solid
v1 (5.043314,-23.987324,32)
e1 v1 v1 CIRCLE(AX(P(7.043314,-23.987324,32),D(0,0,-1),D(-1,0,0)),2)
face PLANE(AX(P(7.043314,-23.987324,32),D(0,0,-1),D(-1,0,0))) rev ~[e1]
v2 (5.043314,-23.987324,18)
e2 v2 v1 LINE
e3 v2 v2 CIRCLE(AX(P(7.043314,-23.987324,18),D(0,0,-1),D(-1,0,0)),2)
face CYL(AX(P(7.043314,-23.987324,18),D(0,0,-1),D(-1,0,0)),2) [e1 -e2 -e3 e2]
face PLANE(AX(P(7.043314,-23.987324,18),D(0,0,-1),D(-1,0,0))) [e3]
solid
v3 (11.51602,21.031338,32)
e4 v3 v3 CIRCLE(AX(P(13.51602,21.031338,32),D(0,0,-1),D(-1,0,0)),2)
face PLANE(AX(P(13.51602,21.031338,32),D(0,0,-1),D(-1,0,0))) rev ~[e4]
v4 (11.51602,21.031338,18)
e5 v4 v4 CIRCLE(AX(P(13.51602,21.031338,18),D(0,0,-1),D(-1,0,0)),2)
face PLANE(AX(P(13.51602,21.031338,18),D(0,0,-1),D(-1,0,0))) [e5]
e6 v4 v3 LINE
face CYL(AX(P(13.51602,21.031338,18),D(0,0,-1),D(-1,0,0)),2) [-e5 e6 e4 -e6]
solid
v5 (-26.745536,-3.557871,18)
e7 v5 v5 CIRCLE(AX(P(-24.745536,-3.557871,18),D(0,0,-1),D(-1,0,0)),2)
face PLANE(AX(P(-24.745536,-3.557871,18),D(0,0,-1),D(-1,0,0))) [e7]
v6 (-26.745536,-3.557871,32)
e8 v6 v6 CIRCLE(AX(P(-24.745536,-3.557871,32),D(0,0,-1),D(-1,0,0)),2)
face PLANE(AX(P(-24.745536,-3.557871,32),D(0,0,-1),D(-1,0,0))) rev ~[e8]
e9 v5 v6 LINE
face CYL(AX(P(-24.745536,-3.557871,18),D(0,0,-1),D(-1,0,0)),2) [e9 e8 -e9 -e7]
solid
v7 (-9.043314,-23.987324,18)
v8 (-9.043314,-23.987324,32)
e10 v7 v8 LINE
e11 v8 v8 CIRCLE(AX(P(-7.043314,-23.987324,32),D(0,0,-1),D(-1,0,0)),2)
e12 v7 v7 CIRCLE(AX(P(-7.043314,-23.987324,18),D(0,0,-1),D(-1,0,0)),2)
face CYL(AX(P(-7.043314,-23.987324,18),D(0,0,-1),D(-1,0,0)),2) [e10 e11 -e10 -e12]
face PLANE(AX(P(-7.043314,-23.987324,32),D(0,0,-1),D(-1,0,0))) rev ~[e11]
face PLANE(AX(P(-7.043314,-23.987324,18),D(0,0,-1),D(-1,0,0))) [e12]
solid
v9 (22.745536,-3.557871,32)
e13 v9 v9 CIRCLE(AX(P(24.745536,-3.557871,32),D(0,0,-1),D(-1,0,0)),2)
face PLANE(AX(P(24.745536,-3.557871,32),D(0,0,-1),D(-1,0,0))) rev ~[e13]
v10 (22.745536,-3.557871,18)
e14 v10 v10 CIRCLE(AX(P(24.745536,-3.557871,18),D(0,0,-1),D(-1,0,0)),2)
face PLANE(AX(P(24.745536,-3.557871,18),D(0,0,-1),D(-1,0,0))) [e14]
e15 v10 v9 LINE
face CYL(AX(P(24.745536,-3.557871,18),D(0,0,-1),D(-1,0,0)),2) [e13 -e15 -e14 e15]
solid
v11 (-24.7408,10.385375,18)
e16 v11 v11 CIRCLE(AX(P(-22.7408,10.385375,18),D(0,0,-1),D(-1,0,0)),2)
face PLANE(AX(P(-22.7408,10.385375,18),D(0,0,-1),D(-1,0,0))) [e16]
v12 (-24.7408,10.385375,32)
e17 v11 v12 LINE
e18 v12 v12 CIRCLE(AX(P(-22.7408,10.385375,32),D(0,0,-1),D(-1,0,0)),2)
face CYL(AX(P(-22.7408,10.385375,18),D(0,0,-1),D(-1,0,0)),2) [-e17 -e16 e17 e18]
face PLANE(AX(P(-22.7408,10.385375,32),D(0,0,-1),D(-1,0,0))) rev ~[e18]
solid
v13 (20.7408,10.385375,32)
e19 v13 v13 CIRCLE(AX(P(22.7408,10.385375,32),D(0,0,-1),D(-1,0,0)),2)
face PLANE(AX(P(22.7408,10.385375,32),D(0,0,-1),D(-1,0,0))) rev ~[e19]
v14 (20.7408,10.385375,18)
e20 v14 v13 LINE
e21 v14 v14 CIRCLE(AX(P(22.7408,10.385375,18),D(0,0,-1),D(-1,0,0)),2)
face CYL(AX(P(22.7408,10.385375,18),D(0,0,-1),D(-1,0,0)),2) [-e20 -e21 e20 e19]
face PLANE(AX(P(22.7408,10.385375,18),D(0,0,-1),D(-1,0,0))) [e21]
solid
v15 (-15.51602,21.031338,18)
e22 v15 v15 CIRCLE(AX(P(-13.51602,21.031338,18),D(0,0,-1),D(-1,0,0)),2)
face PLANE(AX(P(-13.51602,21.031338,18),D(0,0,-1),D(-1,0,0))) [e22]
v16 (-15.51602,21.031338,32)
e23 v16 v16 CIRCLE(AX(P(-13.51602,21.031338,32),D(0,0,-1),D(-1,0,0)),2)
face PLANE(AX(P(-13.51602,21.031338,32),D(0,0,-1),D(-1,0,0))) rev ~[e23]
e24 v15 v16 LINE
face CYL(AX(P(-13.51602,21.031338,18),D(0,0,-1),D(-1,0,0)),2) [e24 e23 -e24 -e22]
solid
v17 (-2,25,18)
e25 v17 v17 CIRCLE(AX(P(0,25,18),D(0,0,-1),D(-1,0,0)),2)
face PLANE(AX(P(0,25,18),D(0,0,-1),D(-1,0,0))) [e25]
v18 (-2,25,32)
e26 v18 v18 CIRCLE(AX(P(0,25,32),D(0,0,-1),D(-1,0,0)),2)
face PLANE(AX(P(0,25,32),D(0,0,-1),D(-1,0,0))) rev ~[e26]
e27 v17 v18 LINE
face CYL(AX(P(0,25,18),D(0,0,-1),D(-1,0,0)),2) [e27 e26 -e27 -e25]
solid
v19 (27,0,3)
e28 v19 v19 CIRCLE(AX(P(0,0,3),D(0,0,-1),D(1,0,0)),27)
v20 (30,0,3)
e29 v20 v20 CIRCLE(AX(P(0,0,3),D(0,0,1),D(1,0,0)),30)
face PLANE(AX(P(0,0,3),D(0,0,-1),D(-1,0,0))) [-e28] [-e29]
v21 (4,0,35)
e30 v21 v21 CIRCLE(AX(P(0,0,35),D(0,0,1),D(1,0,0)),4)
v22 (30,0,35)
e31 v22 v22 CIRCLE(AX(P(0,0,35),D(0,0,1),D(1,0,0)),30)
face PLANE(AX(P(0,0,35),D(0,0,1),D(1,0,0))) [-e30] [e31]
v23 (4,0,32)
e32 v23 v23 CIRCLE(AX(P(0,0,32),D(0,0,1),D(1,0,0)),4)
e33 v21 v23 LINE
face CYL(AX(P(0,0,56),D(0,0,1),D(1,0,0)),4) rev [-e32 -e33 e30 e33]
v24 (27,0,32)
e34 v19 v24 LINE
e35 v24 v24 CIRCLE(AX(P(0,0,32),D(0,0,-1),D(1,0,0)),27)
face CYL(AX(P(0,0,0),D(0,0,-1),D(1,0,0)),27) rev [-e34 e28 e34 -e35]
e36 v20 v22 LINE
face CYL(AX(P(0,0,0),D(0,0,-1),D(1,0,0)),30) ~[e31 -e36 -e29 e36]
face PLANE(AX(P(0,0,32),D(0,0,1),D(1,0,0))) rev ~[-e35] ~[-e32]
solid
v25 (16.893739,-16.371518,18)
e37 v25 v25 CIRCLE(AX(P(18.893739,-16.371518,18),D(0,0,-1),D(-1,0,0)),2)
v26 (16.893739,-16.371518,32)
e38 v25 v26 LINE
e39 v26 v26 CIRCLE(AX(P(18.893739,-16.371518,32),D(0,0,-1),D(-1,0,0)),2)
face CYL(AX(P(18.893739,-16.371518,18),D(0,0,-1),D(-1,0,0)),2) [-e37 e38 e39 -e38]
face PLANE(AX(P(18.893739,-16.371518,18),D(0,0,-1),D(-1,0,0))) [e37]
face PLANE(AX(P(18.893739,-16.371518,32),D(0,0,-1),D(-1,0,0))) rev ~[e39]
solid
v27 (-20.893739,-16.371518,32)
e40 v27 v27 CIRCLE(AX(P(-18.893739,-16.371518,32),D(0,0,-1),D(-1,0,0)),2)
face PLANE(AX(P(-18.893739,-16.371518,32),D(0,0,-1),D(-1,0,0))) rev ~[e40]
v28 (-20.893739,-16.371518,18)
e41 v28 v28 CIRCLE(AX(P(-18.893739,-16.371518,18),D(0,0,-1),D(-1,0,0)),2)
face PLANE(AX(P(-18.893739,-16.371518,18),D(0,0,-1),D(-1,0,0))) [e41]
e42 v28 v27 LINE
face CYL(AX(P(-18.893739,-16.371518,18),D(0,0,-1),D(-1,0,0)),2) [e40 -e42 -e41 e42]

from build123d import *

# Parameters (mm, degrees)
SKETCH1_R               = 30
BOSS_EXTRUDE1_DEPTH     = 35
SHELL3_T                = 3
CUT_EXTRUDE2_DEPTH      = 56
CUT_EXTRUDE2_DEPTH_BACK = 56
SKETCH3_R               = 4
CUT_EXTRUDE3_DEPTH      = 56
CUT_EXTRUDE3_DEPTH_BACK = 3
SKETCH4_R               = 30
BOSS_EXTRUDE2_START     = -18
SKETCH2_R               = 2
BOSS_EXTRUDE2_DEPTH     = 14
BOSS_EXTRUDE2_2_DEPTH   = 14
BOSS_EXTRUDE2_3_DEPTH   = 14
BOSS_EXTRUDE2_4_DEPTH   = 14
BOSS_EXTRUDE2_5_DEPTH   = 14
BOSS_EXTRUDE2_6_DEPTH   = 14
BOSS_EXTRUDE2_7_DEPTH   = 14
BOSS_EXTRUDE2_8_DEPTH   = 14
BOSS_EXTRUDE2_9_DEPTH   = 14
BOSS_EXTRUDE2_10_DEPTH  = 14
BOSS_EXTRUDE2_11_DEPTH  = 14


with BuildPart() as part:
    # Sketch1 → Boss-Extrude1 (new body)
    with BuildSketch(Plane.XY):
        Circle(SKETCH1_R)
    extrude(amount=BOSS_EXTRUDE1_DEPTH)

    # Shell3 (no face opened: a closed hollow body)
    add(offset(amount=-SHELL3_T, mode=Mode.PRIVATE), mode=Mode.SUBTRACT)

    # Sketch3 → Cut-Extrude2 (cut, two sides: drawn at the far end of the back side and taken through both)
    with BuildSketch(Plane(origin=(0, 0, 0), x_dir=(-1, 0, 0), z_dir=(0, 0, -1)).offset(-CUT_EXTRUDE2_DEPTH_BACK)):
        with Locations(Location((0, 0, 0), (0, 0, 180))):
            Circle(SKETCH3_R)
    extrude(amount=CUT_EXTRUDE2_DEPTH + CUT_EXTRUDE2_DEPTH_BACK, mode=Mode.SUBTRACT)

    # Sketch4 → Cut-Extrude3 (cut, two sides: drawn at the far end of the back side and taken through both)
    with BuildSketch(Plane(origin=(0, 0, 0), x_dir=(-1, 0, 0), z_dir=(0, 0, -1)).offset(-CUT_EXTRUDE3_DEPTH_BACK)):
        Circle(SKETCH4_R)
    extrude(amount=CUT_EXTRUDE3_DEPTH + CUT_EXTRUDE3_DEPTH_BACK, mode=Mode.SUBTRACT)


with BuildPart() as body_2:
    # Sketch2 → Boss-Extrude2 (new body)
    with BuildSketch(Plane(origin=(0, 0, 0), x_dir=(-1, 0, 0), z_dir=(0, 0, -1)).offset(BOSS_EXTRUDE2_START)):
        with Locations((0, 25)):
            Circle(SKETCH2_R)
    extrude(amount=-BOSS_EXTRUDE2_DEPTH)


with BuildPart() as body_3:
    # Sketch2 → Boss-Extrude2 2 (new body)
    with BuildSketch(Plane(origin=(0, 0, 0), x_dir=(-1, 0, 0), z_dir=(0, 0, -1)).offset(BOSS_EXTRUDE2_START)):
        with Locations((13.516020436, 21.031338321)):
            Circle(SKETCH2_R)
    extrude(amount=-BOSS_EXTRUDE2_2_DEPTH)


with BuildPart() as body_4:
    # Sketch2 → Boss-Extrude2 3 (new body)
    with BuildSketch(Plane(origin=(0, 0, 0), x_dir=(-1, 0, 0), z_dir=(0, 0, -1)).offset(BOSS_EXTRUDE2_START)):
        with Locations((22.740799884, 10.385375325)):
            Circle(SKETCH2_R)
    extrude(amount=-BOSS_EXTRUDE2_3_DEPTH)


with BuildPart() as body_5:
    # Sketch2 → Boss-Extrude2 4 (new body)
    with BuildSketch(Plane(origin=(0, 0, 0), x_dir=(-1, 0, 0), z_dir=(0, 0, -1)).offset(BOSS_EXTRUDE2_START)):
        with Locations((24.745536047, -3.557870957)):
            Circle(SKETCH2_R)
    extrude(amount=-BOSS_EXTRUDE2_4_DEPTH)


with BuildPart() as body_6:
    # Sketch2 → Boss-Extrude2 5 (new body)
    with BuildSketch(Plane(origin=(0, 0, 0), x_dir=(-1, 0, 0), z_dir=(0, 0, -1)).offset(BOSS_EXTRUDE2_START)):
        with Locations((18.893739359, -16.371518349)):
            Circle(SKETCH2_R)
    extrude(amount=-BOSS_EXTRUDE2_5_DEPTH)


with BuildPart() as body_7:
    # Sketch2 → Boss-Extrude2 6 (new body)
    with BuildSketch(Plane(origin=(0, 0, 0), x_dir=(-1, 0, 0), z_dir=(0, 0, -1)).offset(BOSS_EXTRUDE2_START)):
        with Locations((7.043313921, -23.98732434)):
            Circle(SKETCH2_R)
    extrude(amount=-BOSS_EXTRUDE2_6_DEPTH)


with BuildPart() as body_8:
    # Sketch2 → Boss-Extrude2 7 (new body)
    with BuildSketch(Plane(origin=(0, 0, 0), x_dir=(-1, 0, 0), z_dir=(0, 0, -1)).offset(BOSS_EXTRUDE2_START)):
        with Locations((-7.043313921, -23.98732434)):
            Circle(SKETCH2_R)
    extrude(amount=-BOSS_EXTRUDE2_7_DEPTH)


with BuildPart() as body_9:
    # Sketch2 → Boss-Extrude2 8 (new body)
    with BuildSketch(Plane(origin=(0, 0, 0), x_dir=(-1, 0, 0), z_dir=(0, 0, -1)).offset(BOSS_EXTRUDE2_START)):
        with Locations((-18.893739359, -16.371518349)):
            Circle(SKETCH2_R)
    extrude(amount=-BOSS_EXTRUDE2_8_DEPTH)


with BuildPart() as body_10:
    # Sketch2 → Boss-Extrude2 9 (new body)
    with BuildSketch(Plane(origin=(0, 0, 0), x_dir=(-1, 0, 0), z_dir=(0, 0, -1)).offset(BOSS_EXTRUDE2_START)):
        with Locations((-24.745536047, -3.557870957)):
            Circle(SKETCH2_R)
    extrude(amount=-BOSS_EXTRUDE2_9_DEPTH)


with BuildPart() as body_11:
    # Sketch2 → Boss-Extrude2 10 (new body)
    with BuildSketch(Plane(origin=(0, 0, 0), x_dir=(-1, 0, 0), z_dir=(0, 0, -1)).offset(BOSS_EXTRUDE2_START)):
        with Locations((-22.740799884, 10.385375325)):
            Circle(SKETCH2_R)
    extrude(amount=-BOSS_EXTRUDE2_10_DEPTH)


with BuildPart() as body_12:
    # Sketch2 → Boss-Extrude2 11 (new body)
    with BuildSketch(Plane(origin=(0, 0, 0), x_dir=(-1, 0, 0), z_dir=(0, 0, -1)).offset(BOSS_EXTRUDE2_START)):
        with Locations((-13.516020436, 21.031338321)):
            Circle(SKETCH2_R)
    extrude(amount=-BOSS_EXTRUDE2_11_DEPTH)


solid = Compound([part.part, body_2.part, body_3.part, body_4.part, body_5.part, body_6.part, body_7.part, body_8.part, body_9.part, body_10.part, body_11.part, body_12.part])
